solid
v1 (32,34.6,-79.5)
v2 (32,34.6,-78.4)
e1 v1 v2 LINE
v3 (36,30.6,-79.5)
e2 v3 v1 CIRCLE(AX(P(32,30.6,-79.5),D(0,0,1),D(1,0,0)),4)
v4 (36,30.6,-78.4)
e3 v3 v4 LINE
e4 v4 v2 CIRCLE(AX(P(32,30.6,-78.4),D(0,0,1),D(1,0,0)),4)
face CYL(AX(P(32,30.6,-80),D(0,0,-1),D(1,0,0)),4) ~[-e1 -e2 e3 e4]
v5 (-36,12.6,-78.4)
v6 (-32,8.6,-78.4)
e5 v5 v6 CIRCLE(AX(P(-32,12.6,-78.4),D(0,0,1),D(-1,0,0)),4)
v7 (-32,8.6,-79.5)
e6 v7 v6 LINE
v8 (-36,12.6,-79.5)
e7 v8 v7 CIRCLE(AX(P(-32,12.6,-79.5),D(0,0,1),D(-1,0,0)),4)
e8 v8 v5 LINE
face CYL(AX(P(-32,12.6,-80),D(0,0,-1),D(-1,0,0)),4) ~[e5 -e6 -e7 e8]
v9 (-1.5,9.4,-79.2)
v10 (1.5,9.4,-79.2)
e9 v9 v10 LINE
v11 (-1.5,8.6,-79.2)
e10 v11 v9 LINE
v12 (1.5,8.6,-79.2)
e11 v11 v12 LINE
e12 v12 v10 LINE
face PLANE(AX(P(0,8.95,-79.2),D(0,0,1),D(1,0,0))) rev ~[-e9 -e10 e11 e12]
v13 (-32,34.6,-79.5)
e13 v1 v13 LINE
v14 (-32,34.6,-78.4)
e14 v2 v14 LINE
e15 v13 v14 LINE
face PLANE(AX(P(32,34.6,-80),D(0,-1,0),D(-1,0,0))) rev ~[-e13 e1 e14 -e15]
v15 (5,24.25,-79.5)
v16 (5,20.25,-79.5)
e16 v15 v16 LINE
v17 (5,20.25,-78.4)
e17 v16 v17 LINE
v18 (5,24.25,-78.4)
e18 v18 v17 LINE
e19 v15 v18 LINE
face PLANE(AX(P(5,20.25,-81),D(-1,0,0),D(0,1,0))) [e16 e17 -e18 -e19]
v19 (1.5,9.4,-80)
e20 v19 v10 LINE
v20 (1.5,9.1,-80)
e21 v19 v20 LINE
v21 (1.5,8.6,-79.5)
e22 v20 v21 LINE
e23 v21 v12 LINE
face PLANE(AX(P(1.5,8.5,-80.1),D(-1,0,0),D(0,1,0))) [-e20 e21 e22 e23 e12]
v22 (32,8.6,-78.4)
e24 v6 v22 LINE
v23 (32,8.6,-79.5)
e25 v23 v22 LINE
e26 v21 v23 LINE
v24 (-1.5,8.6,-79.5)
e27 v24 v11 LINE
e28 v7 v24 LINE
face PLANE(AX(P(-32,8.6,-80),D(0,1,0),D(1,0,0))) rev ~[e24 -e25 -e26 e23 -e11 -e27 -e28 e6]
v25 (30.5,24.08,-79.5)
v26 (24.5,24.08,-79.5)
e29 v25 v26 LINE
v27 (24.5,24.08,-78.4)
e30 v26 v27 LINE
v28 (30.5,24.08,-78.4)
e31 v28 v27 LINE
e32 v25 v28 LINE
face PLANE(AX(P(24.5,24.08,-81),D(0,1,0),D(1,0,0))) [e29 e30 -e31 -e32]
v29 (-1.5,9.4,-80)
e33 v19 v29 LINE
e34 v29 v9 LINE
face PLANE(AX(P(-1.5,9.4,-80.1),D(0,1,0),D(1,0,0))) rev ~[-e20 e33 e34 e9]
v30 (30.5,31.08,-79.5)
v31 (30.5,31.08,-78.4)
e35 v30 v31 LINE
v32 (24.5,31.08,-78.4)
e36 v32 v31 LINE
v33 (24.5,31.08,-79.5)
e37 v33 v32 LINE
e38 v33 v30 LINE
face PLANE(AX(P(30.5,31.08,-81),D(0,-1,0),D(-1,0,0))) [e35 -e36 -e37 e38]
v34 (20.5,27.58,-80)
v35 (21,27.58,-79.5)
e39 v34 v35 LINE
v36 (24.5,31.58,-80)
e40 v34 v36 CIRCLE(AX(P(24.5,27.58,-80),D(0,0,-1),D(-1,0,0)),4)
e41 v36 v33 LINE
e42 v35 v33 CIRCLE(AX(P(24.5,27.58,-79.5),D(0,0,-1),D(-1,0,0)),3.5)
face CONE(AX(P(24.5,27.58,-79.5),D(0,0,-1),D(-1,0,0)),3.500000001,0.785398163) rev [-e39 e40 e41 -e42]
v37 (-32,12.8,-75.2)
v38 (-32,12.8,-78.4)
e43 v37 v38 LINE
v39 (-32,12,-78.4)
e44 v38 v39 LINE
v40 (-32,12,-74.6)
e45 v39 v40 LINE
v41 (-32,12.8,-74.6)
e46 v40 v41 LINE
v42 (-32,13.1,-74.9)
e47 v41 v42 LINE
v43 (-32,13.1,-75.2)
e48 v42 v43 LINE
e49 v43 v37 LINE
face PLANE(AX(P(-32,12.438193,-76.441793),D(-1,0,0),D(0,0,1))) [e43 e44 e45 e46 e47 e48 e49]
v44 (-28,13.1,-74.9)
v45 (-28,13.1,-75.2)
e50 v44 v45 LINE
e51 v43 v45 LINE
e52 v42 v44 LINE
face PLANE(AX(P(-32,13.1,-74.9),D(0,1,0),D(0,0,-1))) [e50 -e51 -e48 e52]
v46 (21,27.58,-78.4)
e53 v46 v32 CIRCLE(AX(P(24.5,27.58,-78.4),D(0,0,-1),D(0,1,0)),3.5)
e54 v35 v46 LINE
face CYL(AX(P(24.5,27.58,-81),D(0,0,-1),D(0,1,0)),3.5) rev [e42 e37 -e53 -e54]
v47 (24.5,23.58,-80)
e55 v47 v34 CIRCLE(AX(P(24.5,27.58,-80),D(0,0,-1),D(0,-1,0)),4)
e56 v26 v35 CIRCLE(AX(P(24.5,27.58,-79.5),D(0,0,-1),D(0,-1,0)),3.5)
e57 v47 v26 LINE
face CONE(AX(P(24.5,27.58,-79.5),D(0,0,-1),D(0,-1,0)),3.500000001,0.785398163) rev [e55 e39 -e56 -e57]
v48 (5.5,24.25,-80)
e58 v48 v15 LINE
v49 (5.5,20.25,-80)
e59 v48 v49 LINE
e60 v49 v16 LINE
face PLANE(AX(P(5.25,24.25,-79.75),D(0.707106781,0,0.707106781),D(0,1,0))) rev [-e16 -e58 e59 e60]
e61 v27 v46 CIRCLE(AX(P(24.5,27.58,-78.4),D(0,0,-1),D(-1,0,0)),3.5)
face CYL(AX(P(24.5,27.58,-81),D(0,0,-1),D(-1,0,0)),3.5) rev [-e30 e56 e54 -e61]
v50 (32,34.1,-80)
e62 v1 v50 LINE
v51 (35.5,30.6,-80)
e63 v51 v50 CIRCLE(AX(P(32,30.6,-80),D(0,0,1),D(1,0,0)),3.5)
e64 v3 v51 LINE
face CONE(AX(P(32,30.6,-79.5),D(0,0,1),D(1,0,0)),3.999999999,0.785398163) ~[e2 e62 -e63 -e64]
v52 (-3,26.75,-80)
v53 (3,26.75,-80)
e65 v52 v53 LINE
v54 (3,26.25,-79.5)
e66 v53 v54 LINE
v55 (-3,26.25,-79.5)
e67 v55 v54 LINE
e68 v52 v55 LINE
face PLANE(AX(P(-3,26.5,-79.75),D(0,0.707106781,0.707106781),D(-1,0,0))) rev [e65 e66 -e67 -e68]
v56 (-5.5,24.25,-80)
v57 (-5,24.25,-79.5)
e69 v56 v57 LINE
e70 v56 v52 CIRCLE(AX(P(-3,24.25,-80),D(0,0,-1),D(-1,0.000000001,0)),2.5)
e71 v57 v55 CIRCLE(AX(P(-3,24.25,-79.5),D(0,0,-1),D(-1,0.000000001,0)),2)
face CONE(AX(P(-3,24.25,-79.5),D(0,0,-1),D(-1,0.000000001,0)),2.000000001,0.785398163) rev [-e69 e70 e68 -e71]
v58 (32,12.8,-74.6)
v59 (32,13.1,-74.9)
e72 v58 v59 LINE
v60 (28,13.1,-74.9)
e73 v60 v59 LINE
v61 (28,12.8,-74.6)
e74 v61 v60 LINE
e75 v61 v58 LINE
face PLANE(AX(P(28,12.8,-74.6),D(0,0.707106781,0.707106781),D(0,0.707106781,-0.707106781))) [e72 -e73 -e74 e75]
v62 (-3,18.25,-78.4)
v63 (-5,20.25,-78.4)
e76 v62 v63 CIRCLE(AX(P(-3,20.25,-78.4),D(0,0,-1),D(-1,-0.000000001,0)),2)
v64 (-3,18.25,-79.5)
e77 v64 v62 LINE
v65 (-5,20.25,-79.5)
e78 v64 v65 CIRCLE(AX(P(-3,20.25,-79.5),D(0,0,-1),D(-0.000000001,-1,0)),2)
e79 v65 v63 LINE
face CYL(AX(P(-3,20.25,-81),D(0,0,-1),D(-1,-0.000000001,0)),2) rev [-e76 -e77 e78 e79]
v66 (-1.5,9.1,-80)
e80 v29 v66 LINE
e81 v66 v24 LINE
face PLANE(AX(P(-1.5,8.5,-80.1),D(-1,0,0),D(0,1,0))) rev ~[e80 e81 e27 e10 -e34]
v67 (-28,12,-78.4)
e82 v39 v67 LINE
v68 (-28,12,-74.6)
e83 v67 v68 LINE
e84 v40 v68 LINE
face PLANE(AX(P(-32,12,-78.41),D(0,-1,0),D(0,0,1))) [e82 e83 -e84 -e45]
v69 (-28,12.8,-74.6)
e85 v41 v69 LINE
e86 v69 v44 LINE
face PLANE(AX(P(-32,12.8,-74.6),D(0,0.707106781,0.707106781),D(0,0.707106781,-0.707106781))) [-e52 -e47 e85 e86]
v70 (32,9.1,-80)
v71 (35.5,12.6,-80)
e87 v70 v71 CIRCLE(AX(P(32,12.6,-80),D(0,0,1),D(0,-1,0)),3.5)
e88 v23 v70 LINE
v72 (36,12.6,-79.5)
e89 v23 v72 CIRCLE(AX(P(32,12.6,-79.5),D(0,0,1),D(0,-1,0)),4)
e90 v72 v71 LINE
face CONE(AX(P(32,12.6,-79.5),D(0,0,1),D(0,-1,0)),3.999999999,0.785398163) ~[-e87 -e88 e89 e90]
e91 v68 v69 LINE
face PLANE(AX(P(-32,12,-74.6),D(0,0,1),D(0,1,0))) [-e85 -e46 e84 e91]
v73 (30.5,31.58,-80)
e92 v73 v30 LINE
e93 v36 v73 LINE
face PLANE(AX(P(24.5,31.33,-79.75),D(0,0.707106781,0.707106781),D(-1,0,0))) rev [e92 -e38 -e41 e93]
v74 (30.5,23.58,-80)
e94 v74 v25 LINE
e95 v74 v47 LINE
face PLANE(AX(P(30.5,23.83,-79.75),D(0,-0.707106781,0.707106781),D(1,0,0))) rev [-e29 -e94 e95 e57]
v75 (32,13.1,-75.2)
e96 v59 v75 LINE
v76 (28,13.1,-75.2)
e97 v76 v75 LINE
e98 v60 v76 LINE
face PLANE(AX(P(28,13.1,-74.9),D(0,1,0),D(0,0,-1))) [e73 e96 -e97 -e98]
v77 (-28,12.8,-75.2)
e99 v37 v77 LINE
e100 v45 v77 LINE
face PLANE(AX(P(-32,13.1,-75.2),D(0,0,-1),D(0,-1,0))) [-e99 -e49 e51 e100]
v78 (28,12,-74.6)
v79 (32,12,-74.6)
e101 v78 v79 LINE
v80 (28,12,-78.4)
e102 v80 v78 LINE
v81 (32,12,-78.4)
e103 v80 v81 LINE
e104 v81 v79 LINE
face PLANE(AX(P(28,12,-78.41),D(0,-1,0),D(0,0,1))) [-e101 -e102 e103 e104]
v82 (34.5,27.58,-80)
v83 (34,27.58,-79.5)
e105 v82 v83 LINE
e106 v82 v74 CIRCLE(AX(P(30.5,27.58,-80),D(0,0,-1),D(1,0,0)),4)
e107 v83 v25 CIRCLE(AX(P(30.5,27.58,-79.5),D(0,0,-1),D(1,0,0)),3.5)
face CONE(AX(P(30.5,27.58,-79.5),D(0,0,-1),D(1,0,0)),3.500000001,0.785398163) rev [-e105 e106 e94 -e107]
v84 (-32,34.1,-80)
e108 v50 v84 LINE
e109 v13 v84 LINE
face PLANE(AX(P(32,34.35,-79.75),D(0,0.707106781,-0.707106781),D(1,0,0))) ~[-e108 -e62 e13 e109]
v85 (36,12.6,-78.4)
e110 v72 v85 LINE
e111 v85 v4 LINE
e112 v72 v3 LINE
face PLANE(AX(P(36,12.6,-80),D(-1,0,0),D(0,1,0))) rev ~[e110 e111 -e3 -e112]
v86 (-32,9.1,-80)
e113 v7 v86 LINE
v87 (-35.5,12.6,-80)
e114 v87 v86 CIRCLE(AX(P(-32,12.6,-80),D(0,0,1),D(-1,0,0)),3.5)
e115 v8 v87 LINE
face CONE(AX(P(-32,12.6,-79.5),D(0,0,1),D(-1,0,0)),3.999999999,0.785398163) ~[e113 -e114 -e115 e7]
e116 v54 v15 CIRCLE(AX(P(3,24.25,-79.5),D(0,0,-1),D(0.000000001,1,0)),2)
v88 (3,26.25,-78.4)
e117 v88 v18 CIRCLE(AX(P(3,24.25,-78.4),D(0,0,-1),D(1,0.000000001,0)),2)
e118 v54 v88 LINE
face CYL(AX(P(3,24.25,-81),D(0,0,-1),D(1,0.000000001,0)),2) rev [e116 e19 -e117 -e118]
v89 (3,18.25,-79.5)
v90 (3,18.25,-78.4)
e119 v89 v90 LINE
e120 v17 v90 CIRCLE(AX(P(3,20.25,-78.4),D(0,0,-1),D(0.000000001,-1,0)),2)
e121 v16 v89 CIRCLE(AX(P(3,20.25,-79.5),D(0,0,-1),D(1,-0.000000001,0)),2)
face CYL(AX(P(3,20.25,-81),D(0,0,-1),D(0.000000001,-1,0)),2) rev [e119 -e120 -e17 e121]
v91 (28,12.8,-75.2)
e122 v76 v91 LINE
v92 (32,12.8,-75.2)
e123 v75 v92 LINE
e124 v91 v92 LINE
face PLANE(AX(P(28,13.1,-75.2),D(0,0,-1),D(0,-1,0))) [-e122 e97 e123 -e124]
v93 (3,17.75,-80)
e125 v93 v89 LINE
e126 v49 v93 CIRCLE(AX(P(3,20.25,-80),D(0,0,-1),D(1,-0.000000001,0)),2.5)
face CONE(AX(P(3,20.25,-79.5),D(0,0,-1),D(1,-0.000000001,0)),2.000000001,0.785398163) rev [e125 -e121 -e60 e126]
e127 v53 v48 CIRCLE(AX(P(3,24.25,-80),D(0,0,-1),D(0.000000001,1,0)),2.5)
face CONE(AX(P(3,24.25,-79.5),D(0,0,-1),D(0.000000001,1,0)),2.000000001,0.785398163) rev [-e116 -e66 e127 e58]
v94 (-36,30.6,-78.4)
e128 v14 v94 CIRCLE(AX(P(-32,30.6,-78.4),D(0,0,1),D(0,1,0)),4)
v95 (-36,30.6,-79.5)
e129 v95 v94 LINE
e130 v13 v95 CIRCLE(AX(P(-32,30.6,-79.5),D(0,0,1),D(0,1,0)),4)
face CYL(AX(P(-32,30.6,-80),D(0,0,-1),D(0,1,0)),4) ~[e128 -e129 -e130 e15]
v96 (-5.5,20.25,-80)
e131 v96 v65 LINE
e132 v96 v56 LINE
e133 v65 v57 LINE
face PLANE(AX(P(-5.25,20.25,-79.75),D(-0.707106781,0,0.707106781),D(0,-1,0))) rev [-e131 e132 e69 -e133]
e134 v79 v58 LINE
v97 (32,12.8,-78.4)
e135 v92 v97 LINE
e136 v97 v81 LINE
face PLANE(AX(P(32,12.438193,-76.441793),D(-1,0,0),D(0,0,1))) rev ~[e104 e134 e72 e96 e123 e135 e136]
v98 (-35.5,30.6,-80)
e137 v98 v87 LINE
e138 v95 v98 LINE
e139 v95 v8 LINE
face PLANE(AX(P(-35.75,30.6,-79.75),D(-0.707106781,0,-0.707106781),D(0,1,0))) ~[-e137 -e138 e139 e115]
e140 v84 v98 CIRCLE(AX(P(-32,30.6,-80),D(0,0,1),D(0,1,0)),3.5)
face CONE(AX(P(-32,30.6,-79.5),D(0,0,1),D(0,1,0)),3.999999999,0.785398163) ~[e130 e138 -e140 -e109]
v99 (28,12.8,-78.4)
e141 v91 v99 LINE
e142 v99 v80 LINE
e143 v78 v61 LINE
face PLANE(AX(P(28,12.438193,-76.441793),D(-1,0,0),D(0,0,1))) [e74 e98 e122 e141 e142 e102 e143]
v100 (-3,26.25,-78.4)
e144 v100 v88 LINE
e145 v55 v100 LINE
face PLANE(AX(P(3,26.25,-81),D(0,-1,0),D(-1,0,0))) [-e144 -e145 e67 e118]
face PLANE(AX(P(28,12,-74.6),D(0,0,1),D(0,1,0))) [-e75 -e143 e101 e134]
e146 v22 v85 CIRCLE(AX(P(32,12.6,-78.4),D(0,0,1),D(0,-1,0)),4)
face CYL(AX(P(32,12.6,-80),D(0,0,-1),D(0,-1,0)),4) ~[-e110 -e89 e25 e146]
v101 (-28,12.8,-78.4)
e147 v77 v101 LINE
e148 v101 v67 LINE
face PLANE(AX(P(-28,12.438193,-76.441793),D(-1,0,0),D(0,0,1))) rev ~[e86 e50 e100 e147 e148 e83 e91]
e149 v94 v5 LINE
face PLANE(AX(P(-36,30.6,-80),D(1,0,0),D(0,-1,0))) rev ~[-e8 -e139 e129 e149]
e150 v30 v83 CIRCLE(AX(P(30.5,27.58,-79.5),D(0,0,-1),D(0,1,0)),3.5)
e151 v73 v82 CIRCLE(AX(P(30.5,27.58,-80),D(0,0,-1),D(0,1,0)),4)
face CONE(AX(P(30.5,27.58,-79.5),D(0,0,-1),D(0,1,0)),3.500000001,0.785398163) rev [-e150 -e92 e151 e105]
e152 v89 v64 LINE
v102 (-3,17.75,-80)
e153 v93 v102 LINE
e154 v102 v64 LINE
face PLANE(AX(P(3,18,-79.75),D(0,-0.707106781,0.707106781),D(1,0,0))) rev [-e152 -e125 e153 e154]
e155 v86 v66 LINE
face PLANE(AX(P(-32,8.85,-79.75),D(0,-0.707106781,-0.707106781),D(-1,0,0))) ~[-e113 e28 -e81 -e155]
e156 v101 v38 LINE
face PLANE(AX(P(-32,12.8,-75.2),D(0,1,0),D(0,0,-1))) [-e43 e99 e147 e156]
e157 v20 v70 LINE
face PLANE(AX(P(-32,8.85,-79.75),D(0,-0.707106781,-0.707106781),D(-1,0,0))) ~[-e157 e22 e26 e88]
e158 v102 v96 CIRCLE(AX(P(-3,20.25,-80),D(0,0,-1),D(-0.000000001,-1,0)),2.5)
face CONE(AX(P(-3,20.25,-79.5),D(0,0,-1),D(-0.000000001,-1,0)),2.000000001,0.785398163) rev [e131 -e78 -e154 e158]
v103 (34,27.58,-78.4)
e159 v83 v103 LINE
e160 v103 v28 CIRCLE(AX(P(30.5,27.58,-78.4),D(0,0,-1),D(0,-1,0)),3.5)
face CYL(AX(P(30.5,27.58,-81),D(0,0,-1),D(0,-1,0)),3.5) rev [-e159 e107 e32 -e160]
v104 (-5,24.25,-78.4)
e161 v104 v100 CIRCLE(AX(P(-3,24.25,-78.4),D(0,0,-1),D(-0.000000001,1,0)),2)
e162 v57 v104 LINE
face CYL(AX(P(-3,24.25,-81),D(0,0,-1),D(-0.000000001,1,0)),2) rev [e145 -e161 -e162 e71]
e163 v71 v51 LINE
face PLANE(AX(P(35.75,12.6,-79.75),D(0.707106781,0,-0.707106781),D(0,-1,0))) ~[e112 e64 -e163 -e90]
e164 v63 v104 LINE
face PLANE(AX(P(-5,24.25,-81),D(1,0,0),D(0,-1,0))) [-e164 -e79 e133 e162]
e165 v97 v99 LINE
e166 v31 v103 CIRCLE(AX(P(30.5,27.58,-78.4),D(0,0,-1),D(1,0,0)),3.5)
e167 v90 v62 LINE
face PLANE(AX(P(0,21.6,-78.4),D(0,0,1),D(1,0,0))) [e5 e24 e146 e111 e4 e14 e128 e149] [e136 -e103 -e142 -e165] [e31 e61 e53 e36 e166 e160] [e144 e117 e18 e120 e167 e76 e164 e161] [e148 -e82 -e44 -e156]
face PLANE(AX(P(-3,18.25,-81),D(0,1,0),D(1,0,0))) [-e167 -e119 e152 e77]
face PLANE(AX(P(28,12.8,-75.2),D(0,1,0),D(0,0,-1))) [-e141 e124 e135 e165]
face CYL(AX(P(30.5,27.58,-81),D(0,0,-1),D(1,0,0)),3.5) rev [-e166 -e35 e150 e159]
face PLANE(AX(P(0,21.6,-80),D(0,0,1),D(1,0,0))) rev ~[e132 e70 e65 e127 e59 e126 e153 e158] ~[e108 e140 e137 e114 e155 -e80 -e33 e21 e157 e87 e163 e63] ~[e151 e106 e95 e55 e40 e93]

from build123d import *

# Parameters (mm, degrees)
BOSS_EXTRUDE1_START = -80
BOSS_EXTRUDE1_DEPTH = 1.6
CHAMFER1_SIZE       = 0.5
BOSS_EXTRUDE2_START = -81
BOSS_EXTRUDE2_DEPTH = 3
CHAMFER2_SIZE       = 0.5
BOSS_EXTRUDE3_START = -81
BOSS_EXTRUDE3_DEPTH = 3
CHAMFER3_SIZE       = 0.5
BOSS_EXTRUDE4_START = -80.1
SKETCH4_W           = 3
SKETCH4_H           = 0.9
BOSS_EXTRUDE4_DEPTH = 0.9
BOSS_EXTRUDE5_START = -32
BOSS_EXTRUDE5_DEPTH = 4
BOSS_EXTRUDE6_START = 28
BOSS_EXTRUDE6_DEPTH = 4


with BuildPart() as part:
    # Sketch1 → Boss-Extrude1 (new body)
    with BuildSketch(Plane.XY.offset(BOSS_EXTRUDE1_START)):
        with BuildLine():
            Line((-32, 8.6), (32, 8.6))
            ThreePointArc((32, 8.6), (34.828427125, 9.771572875), (36, 12.6))
            Line((36, 12.6), (36, 30.6))
            ThreePointArc((36, 30.6), (34.828427125, 33.428427125), (32, 34.6))
            Line((32, 34.6), (-32, 34.6))
            ThreePointArc((-32, 34.6), (-34.828427125, 33.428427125), (-36, 30.6))
            Line((-36, 30.6), (-36, 12.6))
            ThreePointArc((-36, 12.6), (-34.828427125, 9.771572875), (-32, 8.6))
        make_face()
    extrude(amount=BOSS_EXTRUDE1_DEPTH)

    # Chamfer1
    chamfer1_edges = [part.edges().sort_by_distance(p)[0] for p in [
        (36, 21.6, -80),
        (34.828427125, 9.771572875, -80),
        (0, 8.6, -80),
        (-34.828427125, 9.771572875, -80),
        (-36, 21.6, -80),
        (-34.828427125, 33.428427125, -80),
        (0, 34.6, -80),
        (34.828427125, 33.428427125, -80),
    ]]
    chamfer(chamfer1_edges, length=CHAMFER1_SIZE)


with BuildPart() as body_2:
    # Sketch2 → Boss-Extrude2 (new body)
    with BuildSketch(Plane.XY.offset(BOSS_EXTRUDE2_START)):
        with BuildLine():
            Line((-3, 18.25), (3, 18.25))
            ThreePointArc((3, 18.25), (4.414213562, 18.835786438), (5, 20.25))
            Line((5, 20.25), (5, 24.25))
            ThreePointArc((5, 24.25), (4.414213562, 25.664213562), (3, 26.25))
            Line((3, 26.25), (-3, 26.25))
            ThreePointArc((-3, 26.25), (-4.414213562, 25.664213562), (-5, 24.25))
            Line((-5, 24.25), (-5, 20.25))
            ThreePointArc((-5, 20.25), (-4.414213562, 18.835786438), (-3, 18.25))
        make_face()
    extrude(amount=BOSS_EXTRUDE2_DEPTH)


with BuildPart() as part_1:
    add(part.part)

    # Combine1: cut body 2
    add(body_2.part, mode=Mode.SUBTRACT)

    # Chamfer2
    chamfer2_edges = [part_1.edges().sort_by_distance(p)[0] for p in [
        (-5, 22.25, -80),
        (-4.414213562, 25.664213562, -80),
        (0, 26.25, -80),
        (4.414213562, 25.664213562, -80),
        (5, 22.25, -80),
        (4.414213562, 18.835786438, -80),
        (0, 18.25, -80),
        (-4.414213562, 18.835786438, -80),
    ]]
    chamfer(chamfer2_edges, length=CHAMFER2_SIZE)


with BuildPart() as body_2_2:
    # Sketch3 → Boss-Extrude3 (new body)
    with BuildSketch(Plane.XY.offset(BOSS_EXTRUDE3_START)):
        with BuildLine():
            Line((24.5, 24.08), (30.5, 24.08))
            ThreePointArc((30.5, 24.08), (32.974873734, 25.105126266), (34, 27.58))
            ThreePointArc((34, 27.58), (32.974873734, 30.054873734), (30.5, 31.08))
            Line((30.5, 31.08), (24.5, 31.08))
            ThreePointArc((24.5, 31.08), (22.025126266, 30.054873734), (21, 27.58))
            ThreePointArc((21, 27.58), (22.025126266, 25.105126266), (24.5, 24.08))
        make_face()
    extrude(amount=BOSS_EXTRUDE3_DEPTH)


with BuildPart() as part_2:
    add(part_1.part)

    # Combine2: cut body 2 2
    add(body_2_2.part, mode=Mode.SUBTRACT)

    # Chamfer3
    chamfer3_edges = [part_2.edges().sort_by_distance(p)[0] for p in [
        (27.5, 31.08, -80),
        (34, 27.58, -80),
        (27.5, 24.08, -80),
        (21, 27.58, -80),
    ]]
    chamfer(chamfer3_edges, length=CHAMFER3_SIZE)


with BuildPart() as body_2_3:
    # Sketch4 → Boss-Extrude4 (new body)
    with BuildSketch(Plane.XY.offset(BOSS_EXTRUDE4_START)):
        with Locations((0, 8.95)):
            Rectangle(SKETCH4_W, SKETCH4_H)
    extrude(amount=BOSS_EXTRUDE4_DEPTH)


with BuildPart() as part_3:
    add(part_2.part)

    # Combine3: cut body 2 3
    add(body_2_3.part, mode=Mode.SUBTRACT)

    # Sketch5 → Boss-Extrude5 (add)
    with BuildSketch(Plane(origin=(0, 0, 0), x_dir=(0, 0, -1), z_dir=(1, 0, 0)).offset(BOSS_EXTRUDE5_START)):
        Polygon((78.41, 12), (74.6, 12), (74.6, 12.8), (74.9, 13.1), (75.2, 13.1), (75.2, 12.8), (78.41, 12.8), align=None)
    extrude(amount=BOSS_EXTRUDE5_DEPTH)

    # Sketch6 → Boss-Extrude6 (add)
    with BuildSketch(Plane(origin=(0, 0, 0), x_dir=(0, 0, -1), z_dir=(1, 0, 0)).offset(BOSS_EXTRUDE6_START)):
        Polygon((78.41, 12), (74.6, 12), (74.6, 12.8), (74.9, 13.1), (75.2, 13.1), (75.2, 12.8), (78.41, 12.8), align=None)
    extrude(amount=BOSS_EXTRUDE6_DEPTH)


solid = part_3.part
